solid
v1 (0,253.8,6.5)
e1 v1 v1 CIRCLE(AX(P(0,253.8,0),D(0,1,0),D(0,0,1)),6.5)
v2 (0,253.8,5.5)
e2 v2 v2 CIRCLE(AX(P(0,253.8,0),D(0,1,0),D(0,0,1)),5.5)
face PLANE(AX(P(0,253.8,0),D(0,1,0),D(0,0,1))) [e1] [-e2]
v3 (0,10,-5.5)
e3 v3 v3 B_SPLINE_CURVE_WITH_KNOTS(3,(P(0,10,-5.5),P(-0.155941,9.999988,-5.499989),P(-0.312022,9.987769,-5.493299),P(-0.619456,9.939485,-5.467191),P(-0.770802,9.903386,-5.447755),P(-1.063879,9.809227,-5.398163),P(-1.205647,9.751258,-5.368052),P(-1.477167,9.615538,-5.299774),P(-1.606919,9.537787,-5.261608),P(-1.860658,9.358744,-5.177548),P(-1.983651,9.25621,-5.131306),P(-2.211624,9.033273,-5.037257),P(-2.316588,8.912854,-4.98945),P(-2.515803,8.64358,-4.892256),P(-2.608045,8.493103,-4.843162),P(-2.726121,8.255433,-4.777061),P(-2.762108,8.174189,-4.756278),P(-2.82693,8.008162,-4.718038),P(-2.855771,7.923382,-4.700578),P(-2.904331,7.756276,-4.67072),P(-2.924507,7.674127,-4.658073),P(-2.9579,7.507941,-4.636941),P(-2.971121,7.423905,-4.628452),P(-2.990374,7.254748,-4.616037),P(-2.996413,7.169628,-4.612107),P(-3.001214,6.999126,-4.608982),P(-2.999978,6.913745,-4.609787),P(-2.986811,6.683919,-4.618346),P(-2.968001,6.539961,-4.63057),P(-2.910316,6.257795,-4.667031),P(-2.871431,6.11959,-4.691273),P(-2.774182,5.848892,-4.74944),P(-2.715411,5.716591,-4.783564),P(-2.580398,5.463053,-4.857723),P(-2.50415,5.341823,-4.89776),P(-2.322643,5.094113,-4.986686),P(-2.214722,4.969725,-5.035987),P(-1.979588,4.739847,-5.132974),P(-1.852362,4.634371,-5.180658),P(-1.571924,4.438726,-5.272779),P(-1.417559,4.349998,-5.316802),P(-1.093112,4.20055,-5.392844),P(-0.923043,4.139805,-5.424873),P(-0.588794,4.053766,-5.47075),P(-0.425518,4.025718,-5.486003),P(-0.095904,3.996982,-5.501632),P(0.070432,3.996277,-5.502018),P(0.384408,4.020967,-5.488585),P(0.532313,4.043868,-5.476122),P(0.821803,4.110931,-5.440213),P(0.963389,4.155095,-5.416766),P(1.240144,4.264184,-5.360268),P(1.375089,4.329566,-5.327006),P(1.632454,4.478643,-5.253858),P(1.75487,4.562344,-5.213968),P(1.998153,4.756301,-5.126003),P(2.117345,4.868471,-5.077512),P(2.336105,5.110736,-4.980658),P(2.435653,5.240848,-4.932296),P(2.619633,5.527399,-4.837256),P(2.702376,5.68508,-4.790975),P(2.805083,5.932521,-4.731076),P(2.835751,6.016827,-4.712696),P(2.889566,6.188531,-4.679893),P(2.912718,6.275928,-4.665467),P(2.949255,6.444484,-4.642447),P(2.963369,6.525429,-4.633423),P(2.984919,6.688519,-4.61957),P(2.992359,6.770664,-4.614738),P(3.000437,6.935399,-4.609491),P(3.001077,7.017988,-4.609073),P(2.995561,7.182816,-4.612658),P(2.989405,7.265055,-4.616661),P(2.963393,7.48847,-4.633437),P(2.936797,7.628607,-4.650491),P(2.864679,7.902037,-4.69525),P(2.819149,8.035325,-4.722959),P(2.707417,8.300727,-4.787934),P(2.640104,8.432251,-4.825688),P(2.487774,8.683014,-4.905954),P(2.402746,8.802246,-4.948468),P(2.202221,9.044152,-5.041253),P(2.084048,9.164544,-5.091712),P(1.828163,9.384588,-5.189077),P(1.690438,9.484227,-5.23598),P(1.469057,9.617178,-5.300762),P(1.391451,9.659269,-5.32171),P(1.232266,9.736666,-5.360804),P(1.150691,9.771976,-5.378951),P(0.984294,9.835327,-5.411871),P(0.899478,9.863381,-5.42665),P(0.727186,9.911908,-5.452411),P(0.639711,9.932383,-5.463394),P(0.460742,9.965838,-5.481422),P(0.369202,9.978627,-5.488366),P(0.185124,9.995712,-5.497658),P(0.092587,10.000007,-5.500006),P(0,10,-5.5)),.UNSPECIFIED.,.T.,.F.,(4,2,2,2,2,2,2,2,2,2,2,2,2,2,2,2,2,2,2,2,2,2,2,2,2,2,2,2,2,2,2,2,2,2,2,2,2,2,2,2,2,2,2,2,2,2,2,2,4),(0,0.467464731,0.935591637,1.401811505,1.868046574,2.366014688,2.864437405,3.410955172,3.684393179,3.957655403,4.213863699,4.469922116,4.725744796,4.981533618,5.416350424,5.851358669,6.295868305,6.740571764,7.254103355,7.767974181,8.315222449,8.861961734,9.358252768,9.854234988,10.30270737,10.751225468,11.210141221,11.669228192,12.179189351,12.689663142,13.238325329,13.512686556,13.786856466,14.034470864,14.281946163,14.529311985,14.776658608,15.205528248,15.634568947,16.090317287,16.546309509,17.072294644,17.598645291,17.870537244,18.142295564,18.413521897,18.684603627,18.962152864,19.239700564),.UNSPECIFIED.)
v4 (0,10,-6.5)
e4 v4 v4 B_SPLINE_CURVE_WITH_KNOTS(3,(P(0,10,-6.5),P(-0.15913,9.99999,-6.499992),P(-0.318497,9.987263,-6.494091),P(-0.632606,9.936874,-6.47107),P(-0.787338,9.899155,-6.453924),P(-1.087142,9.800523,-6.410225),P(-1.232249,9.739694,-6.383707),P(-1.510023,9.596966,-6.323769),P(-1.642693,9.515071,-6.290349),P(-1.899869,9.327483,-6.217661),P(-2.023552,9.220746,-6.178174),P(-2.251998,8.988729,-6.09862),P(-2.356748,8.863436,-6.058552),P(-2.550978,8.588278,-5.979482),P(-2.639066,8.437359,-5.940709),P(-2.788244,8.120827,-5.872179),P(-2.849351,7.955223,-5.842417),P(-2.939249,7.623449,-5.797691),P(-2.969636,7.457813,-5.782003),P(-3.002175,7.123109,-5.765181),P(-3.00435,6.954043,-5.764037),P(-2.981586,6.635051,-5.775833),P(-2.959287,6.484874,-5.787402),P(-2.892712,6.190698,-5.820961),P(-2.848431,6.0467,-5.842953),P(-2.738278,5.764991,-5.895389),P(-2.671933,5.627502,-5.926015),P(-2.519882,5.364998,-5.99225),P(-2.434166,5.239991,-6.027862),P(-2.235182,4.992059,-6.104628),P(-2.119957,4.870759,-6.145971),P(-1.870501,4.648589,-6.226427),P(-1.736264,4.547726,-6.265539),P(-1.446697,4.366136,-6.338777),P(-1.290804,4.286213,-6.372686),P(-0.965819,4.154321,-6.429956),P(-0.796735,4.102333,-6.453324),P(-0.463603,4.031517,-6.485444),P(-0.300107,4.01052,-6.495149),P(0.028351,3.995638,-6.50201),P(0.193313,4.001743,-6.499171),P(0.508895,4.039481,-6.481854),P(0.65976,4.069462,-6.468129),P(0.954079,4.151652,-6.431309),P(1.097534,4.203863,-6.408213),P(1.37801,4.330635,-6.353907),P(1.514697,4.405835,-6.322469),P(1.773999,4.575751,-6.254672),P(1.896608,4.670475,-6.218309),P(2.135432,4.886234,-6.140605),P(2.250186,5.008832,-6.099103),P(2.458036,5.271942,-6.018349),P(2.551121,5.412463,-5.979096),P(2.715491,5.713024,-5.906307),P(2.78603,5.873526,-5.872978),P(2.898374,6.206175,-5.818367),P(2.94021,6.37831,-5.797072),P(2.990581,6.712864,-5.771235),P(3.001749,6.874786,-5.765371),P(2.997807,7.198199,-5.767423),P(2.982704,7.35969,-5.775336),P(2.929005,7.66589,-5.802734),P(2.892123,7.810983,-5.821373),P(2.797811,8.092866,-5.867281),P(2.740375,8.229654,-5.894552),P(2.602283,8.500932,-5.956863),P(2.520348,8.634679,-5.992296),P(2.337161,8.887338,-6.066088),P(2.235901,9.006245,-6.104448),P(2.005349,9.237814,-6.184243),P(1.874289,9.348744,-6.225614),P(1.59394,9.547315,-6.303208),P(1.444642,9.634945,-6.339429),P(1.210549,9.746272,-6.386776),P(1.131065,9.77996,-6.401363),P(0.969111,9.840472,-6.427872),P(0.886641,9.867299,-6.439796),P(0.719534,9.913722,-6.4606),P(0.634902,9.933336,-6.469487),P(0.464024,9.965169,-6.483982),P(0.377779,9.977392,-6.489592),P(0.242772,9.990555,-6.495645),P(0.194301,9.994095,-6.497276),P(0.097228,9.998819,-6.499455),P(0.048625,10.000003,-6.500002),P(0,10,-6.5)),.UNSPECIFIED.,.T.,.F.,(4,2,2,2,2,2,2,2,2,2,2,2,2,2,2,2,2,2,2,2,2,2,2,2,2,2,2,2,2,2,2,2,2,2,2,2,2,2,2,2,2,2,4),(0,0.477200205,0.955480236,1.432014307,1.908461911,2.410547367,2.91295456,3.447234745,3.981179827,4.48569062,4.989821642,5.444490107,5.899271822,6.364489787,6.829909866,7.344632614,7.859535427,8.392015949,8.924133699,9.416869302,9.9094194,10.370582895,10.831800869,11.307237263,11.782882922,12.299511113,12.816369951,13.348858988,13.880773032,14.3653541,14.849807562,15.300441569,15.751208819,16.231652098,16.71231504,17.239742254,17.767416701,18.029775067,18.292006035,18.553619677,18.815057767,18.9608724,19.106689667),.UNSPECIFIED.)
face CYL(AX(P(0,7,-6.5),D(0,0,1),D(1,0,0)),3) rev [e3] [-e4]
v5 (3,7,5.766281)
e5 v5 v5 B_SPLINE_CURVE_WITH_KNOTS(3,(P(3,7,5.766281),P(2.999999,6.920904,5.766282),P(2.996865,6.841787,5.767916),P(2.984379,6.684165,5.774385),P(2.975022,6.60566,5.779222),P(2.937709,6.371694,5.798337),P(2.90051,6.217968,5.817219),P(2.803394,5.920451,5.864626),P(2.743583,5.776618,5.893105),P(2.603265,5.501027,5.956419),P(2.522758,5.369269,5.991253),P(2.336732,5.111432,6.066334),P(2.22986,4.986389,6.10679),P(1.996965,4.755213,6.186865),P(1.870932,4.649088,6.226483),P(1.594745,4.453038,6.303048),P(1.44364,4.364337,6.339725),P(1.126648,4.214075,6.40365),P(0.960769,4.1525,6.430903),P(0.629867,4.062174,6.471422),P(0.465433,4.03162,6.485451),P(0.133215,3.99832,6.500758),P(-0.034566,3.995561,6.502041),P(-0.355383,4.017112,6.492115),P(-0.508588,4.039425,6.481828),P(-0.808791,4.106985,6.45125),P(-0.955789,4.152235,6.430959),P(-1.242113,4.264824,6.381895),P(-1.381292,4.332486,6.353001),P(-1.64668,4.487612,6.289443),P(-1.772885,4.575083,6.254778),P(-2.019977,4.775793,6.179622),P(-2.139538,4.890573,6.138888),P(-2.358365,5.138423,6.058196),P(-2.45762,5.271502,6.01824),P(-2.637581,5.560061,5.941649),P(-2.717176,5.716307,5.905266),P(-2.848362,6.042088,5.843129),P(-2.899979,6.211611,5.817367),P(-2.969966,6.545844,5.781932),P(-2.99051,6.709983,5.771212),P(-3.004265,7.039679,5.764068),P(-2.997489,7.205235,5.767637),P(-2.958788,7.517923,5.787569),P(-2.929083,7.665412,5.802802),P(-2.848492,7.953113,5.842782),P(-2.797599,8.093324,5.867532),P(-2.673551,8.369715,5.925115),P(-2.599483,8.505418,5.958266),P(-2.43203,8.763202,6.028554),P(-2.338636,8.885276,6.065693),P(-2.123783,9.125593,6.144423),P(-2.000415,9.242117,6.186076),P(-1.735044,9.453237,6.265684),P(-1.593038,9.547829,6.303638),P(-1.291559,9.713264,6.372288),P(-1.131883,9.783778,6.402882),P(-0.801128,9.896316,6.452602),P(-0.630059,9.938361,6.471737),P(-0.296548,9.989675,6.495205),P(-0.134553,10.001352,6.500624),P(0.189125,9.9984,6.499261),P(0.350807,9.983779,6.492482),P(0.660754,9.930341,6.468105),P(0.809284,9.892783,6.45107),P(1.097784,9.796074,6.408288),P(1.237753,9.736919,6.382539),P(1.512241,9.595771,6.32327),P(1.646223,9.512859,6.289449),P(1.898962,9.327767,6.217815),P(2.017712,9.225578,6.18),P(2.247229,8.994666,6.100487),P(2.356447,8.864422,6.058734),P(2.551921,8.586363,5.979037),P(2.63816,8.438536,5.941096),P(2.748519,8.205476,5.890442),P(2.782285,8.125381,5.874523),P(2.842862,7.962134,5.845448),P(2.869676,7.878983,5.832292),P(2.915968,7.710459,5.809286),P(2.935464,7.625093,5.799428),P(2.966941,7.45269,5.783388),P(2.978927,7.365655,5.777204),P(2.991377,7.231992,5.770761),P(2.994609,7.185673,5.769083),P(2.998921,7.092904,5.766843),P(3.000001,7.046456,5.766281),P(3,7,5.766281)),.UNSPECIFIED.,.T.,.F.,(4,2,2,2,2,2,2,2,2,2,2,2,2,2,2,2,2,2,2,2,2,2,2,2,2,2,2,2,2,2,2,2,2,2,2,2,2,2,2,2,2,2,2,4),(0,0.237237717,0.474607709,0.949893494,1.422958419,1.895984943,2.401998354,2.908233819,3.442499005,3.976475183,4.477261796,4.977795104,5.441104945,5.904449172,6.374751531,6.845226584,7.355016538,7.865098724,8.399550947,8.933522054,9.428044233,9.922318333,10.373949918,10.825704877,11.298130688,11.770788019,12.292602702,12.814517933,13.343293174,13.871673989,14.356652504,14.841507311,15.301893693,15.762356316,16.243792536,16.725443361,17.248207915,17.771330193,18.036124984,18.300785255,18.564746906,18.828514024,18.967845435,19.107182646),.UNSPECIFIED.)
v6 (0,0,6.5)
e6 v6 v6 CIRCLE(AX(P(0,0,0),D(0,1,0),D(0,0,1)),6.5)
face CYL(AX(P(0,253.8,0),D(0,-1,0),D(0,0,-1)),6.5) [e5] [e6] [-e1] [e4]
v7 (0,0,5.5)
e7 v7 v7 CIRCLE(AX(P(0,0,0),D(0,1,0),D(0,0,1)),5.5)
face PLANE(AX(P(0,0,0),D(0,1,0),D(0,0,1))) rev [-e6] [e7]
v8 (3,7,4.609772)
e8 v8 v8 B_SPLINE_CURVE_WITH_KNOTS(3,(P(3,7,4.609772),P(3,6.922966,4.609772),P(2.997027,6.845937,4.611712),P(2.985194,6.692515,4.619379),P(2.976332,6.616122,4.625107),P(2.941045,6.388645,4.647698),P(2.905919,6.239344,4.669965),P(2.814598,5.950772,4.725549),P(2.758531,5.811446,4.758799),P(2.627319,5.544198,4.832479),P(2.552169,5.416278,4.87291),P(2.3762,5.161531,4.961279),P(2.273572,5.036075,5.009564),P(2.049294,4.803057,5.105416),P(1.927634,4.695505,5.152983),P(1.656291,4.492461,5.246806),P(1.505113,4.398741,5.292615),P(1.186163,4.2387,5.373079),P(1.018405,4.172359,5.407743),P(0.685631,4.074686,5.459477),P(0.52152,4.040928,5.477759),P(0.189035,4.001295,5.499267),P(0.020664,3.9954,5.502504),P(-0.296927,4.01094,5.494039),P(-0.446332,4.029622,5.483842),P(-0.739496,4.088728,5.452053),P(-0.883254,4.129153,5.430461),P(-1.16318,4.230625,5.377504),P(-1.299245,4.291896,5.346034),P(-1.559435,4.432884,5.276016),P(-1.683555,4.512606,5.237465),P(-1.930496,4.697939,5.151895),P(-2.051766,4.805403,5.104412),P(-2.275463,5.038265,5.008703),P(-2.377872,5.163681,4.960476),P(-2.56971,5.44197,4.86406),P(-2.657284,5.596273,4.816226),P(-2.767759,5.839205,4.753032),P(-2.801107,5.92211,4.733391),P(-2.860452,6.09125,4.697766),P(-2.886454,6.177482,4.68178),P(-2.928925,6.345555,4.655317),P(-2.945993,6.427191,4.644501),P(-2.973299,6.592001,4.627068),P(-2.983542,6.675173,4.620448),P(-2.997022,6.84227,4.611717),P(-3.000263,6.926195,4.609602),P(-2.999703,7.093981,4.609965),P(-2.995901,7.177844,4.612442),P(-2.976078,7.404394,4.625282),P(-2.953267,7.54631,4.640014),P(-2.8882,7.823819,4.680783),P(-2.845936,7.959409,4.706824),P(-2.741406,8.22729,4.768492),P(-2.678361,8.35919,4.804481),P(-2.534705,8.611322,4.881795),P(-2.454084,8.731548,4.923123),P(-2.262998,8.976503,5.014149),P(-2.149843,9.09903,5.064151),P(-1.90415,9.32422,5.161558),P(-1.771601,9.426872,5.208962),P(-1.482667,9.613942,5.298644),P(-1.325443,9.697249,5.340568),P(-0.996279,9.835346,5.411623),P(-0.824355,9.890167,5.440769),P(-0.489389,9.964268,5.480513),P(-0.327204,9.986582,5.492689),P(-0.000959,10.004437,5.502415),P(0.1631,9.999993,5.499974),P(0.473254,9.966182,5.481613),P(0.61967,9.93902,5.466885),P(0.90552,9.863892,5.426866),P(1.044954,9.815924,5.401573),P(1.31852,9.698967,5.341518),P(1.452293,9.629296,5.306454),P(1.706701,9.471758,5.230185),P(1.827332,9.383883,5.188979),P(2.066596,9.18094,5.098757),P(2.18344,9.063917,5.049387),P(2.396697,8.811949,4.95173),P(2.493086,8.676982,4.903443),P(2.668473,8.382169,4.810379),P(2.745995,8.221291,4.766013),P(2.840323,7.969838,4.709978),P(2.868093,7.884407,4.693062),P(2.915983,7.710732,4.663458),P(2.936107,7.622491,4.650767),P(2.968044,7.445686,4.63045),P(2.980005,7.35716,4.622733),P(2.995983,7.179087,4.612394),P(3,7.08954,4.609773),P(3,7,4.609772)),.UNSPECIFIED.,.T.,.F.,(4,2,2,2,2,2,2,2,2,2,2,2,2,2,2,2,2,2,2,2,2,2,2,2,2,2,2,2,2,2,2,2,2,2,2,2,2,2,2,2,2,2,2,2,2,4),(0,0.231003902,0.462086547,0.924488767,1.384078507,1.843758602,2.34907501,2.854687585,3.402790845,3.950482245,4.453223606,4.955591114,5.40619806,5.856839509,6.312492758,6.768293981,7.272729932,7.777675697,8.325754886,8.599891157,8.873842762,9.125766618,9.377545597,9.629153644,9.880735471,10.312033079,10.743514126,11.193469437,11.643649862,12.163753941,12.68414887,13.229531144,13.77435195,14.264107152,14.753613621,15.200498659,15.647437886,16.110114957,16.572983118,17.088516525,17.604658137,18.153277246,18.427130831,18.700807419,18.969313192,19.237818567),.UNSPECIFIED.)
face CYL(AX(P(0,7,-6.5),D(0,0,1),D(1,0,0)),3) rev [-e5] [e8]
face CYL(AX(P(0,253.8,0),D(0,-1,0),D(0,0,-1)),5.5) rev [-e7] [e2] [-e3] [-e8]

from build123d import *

# Parameters (mm, degrees)
SKETCH_1_R               = 6.5
SKETCH_1_R_2             = 5.5
EXTRUDE_1_DEPTH          = 253.8
CUT_EXTRUDE_1_DEPTH      = 254.966415102
CUT_EXTRUDE_1_DEPTH_BACK = 254.966415102
SKETCH_2_R               = 3


with BuildPart() as part:
    # 草图1 → 凸台-拉伸1 (new body)
    with BuildSketch(Plane(origin=(0, 0, 0), x_dir=(1, 0, 0), z_dir=(0, 1, 0))):
        with Locations(Location((0, 0, 0), (0, 0, 270))):
            Circle(SKETCH_1_R)
        with Locations(Location((0, 0, 0), (0, 0, 270))):
            Circle(SKETCH_1_R_2, mode=Mode.SUBTRACT)
    extrude(amount=EXTRUDE_1_DEPTH)

    # 草图2 → 切除-拉伸1 (cut, two sides: drawn at the far end of the back side and taken through both)
    with BuildSketch(Plane.XY.offset(-CUT_EXTRUDE_1_DEPTH_BACK)):
        with Locations((0, 7)):
            Circle(SKETCH_2_R)
    extrude(amount=CUT_EXTRUDE_1_DEPTH + CUT_EXTRUDE_1_DEPTH_BACK, mode=Mode.SUBTRACT)


solid = part.part
